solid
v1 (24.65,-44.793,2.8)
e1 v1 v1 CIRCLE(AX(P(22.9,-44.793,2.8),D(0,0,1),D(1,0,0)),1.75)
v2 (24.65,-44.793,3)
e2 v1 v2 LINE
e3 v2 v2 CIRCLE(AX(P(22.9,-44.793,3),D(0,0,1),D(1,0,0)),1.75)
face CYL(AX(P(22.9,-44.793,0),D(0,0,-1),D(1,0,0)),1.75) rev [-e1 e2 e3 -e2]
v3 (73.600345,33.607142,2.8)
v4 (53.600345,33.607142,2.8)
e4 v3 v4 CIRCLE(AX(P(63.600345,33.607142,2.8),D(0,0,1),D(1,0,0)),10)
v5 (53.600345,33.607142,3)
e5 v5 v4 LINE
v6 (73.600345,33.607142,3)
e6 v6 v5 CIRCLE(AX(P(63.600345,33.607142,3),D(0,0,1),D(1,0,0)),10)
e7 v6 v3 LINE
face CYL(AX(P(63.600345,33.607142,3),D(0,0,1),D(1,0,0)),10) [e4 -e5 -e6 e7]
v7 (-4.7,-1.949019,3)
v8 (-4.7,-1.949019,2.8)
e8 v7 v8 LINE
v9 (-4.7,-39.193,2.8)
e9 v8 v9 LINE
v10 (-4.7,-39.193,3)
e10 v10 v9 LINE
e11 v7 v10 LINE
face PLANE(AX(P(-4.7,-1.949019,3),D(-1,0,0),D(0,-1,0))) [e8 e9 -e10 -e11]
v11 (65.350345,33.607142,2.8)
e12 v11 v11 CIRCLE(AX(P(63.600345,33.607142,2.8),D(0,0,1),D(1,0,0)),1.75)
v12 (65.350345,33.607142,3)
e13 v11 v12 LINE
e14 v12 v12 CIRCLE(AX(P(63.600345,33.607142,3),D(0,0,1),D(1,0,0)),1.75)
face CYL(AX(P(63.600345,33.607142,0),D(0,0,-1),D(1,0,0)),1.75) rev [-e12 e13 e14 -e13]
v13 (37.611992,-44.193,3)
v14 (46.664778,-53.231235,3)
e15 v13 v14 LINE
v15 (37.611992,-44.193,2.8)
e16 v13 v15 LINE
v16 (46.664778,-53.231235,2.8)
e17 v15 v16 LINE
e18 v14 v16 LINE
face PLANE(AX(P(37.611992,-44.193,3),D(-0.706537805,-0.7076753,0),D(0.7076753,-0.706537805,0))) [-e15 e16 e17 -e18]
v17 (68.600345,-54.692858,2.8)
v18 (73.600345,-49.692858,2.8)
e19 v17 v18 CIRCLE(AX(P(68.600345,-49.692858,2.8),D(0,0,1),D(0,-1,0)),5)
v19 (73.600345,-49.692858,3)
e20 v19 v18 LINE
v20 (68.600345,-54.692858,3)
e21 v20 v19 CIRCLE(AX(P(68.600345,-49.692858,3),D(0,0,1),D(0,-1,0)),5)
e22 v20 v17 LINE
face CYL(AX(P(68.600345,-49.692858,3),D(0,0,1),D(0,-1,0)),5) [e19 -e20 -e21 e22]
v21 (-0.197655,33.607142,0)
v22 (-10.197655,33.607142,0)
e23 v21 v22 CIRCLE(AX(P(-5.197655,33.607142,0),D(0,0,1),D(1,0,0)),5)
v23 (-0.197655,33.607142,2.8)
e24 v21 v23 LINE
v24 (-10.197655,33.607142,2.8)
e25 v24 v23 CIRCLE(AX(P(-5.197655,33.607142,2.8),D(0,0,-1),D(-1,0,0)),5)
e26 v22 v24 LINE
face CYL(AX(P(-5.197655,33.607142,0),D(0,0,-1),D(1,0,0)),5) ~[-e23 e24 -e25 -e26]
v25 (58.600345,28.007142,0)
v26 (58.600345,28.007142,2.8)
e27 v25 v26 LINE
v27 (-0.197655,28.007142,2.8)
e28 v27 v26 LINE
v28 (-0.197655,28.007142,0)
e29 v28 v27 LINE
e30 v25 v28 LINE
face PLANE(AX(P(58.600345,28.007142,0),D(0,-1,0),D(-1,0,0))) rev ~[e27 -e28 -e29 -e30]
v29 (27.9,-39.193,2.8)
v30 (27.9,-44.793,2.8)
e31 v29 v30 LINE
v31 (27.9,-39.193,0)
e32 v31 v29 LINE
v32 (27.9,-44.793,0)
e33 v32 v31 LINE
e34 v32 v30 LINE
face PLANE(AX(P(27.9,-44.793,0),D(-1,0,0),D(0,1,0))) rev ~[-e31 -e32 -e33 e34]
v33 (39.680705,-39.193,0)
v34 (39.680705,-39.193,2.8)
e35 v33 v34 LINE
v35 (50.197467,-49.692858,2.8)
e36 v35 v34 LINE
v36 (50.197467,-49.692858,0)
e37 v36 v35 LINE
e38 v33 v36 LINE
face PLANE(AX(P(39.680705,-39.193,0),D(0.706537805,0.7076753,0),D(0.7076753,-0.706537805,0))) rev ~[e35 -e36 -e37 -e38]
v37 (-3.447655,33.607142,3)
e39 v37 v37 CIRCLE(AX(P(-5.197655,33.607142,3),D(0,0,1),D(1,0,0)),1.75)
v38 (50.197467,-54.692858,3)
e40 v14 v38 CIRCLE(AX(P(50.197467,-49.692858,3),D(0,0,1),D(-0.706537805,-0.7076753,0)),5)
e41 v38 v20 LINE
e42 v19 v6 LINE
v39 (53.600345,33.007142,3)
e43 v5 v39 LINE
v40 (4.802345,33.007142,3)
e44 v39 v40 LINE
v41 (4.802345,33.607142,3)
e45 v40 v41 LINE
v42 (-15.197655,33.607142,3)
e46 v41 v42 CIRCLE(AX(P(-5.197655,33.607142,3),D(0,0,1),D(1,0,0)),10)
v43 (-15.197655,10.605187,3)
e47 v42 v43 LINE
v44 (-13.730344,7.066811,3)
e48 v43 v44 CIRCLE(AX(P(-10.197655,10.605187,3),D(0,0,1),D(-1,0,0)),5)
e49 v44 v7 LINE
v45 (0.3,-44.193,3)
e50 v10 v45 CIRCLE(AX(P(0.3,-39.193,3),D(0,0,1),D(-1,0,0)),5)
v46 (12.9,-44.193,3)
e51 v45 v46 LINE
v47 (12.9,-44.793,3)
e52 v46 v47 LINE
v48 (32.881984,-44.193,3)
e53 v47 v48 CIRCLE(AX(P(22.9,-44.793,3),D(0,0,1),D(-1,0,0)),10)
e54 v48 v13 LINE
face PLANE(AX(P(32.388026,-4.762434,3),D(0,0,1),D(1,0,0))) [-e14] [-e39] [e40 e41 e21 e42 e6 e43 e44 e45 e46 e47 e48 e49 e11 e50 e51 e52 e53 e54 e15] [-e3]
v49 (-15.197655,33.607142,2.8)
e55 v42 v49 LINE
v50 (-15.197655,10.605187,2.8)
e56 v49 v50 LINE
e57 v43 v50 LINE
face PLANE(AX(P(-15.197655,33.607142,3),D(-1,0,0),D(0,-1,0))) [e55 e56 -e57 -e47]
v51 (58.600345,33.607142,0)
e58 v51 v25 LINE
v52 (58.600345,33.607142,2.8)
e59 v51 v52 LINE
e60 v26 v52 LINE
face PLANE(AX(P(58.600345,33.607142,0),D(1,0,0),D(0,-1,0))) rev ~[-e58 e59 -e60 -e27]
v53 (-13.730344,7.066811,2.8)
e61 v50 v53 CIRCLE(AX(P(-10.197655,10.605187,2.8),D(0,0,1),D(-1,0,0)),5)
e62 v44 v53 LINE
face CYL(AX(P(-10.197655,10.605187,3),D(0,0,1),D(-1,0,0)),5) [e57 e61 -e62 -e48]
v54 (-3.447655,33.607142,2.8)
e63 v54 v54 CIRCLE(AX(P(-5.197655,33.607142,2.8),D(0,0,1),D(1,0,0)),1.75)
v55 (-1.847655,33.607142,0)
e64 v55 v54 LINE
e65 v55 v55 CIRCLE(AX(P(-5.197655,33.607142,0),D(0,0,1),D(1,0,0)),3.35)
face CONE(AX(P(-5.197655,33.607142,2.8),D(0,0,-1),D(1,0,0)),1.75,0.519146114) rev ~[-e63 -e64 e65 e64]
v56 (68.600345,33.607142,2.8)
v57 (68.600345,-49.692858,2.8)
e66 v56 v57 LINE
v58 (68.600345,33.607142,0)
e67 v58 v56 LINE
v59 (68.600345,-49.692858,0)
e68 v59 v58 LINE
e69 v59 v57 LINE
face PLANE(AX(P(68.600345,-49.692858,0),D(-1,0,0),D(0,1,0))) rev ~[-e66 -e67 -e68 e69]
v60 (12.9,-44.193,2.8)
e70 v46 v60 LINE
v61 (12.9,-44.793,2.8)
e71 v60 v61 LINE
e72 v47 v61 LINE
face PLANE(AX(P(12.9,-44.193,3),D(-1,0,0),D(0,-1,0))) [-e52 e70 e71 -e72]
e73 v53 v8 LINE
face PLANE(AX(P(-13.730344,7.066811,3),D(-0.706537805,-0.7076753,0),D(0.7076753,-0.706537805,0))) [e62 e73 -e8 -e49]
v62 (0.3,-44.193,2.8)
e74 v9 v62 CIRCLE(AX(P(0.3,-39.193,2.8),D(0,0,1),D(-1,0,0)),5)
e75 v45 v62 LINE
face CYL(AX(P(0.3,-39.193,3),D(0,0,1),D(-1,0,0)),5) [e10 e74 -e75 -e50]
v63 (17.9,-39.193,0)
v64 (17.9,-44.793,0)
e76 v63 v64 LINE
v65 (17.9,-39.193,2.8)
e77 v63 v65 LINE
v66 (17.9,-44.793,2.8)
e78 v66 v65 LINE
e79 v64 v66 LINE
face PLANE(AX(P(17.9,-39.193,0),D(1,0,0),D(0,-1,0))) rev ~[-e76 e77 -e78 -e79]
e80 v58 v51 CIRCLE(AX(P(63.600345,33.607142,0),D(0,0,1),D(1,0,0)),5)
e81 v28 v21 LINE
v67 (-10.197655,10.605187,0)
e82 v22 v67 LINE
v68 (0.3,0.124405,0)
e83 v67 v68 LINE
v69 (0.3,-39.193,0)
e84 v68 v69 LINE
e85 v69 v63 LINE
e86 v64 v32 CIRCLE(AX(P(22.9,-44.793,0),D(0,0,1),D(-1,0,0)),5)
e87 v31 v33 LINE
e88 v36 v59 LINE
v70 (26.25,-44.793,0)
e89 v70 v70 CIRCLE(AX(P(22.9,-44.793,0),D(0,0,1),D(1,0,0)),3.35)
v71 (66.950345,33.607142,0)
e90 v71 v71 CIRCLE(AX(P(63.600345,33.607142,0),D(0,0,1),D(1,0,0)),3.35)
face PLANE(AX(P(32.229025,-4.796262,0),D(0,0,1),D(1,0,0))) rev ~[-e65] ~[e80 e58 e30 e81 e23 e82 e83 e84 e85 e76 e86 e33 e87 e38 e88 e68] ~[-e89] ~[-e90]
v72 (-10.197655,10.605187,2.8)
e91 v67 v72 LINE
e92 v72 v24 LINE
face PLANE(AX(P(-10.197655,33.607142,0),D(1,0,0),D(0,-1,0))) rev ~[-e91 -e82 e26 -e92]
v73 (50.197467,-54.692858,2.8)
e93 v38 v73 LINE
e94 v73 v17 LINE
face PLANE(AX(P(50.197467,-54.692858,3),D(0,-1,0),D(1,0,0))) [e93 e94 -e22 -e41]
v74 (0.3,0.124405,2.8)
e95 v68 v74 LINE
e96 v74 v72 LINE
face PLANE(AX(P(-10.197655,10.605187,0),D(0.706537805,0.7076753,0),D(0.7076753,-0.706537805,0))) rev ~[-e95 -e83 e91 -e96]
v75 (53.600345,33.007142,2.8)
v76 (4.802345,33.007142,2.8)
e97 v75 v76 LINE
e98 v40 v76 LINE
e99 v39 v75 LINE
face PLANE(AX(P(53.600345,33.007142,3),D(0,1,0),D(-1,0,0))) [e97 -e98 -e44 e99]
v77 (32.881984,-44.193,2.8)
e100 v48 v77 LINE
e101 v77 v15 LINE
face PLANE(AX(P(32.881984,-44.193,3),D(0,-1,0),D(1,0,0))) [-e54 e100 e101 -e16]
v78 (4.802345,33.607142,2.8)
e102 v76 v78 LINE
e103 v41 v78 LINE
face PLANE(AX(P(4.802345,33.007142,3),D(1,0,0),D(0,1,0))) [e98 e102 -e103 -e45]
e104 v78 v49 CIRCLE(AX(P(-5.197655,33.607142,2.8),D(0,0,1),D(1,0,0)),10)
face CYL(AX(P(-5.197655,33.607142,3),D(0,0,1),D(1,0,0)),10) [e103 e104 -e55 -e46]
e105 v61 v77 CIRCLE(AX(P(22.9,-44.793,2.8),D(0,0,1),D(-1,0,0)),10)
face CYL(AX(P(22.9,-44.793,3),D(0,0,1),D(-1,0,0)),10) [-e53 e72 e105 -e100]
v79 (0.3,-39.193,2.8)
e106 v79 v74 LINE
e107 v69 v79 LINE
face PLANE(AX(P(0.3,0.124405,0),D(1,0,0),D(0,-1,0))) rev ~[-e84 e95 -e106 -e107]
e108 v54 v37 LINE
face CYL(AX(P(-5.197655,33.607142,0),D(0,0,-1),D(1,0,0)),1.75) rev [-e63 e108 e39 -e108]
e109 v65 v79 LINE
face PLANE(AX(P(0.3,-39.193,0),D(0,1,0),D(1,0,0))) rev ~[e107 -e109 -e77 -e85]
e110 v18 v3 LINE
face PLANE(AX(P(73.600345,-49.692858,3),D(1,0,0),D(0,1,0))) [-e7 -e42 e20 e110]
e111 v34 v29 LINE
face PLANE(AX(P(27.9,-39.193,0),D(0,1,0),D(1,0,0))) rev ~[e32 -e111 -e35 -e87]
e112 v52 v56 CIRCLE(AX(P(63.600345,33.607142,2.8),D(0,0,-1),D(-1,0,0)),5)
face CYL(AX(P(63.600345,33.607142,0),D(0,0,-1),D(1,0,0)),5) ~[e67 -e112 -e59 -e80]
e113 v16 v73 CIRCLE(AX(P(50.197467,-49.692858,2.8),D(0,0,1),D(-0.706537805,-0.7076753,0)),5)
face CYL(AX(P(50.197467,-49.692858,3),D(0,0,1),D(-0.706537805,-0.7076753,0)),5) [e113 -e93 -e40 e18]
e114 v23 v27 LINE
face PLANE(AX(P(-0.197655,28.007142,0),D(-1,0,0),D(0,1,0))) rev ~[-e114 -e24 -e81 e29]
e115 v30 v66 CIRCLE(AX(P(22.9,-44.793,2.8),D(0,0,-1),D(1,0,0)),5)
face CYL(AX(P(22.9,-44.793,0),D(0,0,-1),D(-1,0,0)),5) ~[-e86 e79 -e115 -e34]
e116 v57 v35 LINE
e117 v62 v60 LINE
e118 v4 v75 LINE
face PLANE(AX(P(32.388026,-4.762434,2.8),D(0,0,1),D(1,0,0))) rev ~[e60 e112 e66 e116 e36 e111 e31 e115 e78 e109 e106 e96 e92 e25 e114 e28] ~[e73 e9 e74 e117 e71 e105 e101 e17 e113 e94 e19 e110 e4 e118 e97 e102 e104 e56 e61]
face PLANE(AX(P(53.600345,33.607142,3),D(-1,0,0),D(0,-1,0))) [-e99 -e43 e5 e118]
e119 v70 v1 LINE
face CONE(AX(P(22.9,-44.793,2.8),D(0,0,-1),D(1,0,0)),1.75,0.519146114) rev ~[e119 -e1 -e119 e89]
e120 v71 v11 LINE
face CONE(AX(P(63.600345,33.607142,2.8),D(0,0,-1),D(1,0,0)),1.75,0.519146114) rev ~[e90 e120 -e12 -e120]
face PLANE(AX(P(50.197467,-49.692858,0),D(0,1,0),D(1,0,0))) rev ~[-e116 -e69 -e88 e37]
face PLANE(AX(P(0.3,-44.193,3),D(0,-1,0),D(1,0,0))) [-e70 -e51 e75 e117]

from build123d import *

# Parameters (mm, degrees)
F0_R     = 1.75
F1_DEPTH = 3
F2_SIZE2 = 2.8
F2_SIZE  = 1.6
F4_DEPTH = 0.2


with BuildPart() as f1:
    # F0 (on Top) → F1 (new body)
    with BuildSketch(Plane.XY):
        with BuildLine():
            Line((17.9, -39.193), (17.9, -44.793))
            ThreePointArc((17.9, -44.793), (22.9, -49.793), (27.9, -44.793))
            Line((27.9, -44.793), (27.9, -39.193))
            Line((27.9, -39.193), (39.6807047181, -39.193))
            Line((39.6807047181, -39.193), (50.1974673469, -49.6928583233))
            Line((50.1974673469, -49.6928583233), (68.6003446043, -49.6928583233))
            Line((68.6003446043, -49.6928583233), (68.6003446043, 33.6071416767))
            ThreePointArc((68.6003446043, 33.6071416767), (63.6003446043, 38.6071416767), (58.6003446043, 33.6071416767))
            Line((58.6003446043, 33.6071416767), (58.6003446043, 28.0071416767))
            Line((58.6003446043, 28.0071416767), (-0.1976553957, 28.0071416767))
            Line((-0.1976553957, 28.0071416767), (-0.1976553957, 33.6071416767))
            ThreePointArc((-0.1976553957, 33.6071416767), (-5.1976553957, 38.6071416767), (-10.1976553957, 33.6071416767))
            Line((-10.1976553957, 33.6071416767), (-10.1976553957, 10.6051872446))
            Line((-10.1976553957, 10.6051872446), (0.3, 0.124405442))
            Line((0.3, 0.124405442), (0.3, -39.193))
            Line((0.3, -39.193), (17.9, -39.193))
        make_face()
        with Locations((22.9, -44.793)):
            Circle(F0_R, mode=Mode.SUBTRACT)
        with Locations((-5.1976553957, 33.6071416767)):
            Circle(F0_R, mode=Mode.SUBTRACT)
        with Locations((63.6003446043, 33.6071416767)):
            Circle(F0_R, mode=Mode.SUBTRACT)
    extrude(amount=F1_DEPTH)

    # F2
    f2_edges = [f1.edges().sort_by_distance(p)[0] for p in [
        (21.15, -44.793, 0),
        (-6.947655, 33.607142, 0),
        (61.850345, 33.607142, 0),
    ]]
    f2_side = f1.faces().sort_by_distance((33.388783, -5.784916, 0))[0]
    chamfer(f2_edges, length=F2_SIZE, length2=F2_SIZE2, reference=f2_side)

    # F3 (on face) → F4 (join)
    with BuildSketch(Plane.XY.offset(3)):
        with BuildLine():
            ThreePointArc((4.8023446043, 33.6071416767), (-5.1976553957, 43.6071416767), (-15.1976553957, 33.6071416767))
            Line((-15.1976553957, 33.6071416767), (-15.1976553957, 10.6051872446))
            ThreePointArc((-15.1976553957, 10.6051872446), (-14.8162831751, 8.6899124771), (-13.7303444218, 7.0668107461))
            Line((-13.7303444218, 7.0668107461), (-4.7, -1.949018591))
            Line((-4.7, -1.949018591), (-4.7, -39.193))
            ThreePointArc((-4.7, -39.193), (-3.2355339059, -42.7285339059), (0.3, -44.193))
            Line((0.3, -44.193), (12.9, -44.193))
            Line((12.9, -44.193), (12.9, -44.793))
            ThreePointArc((12.9, -44.793), (23.2001352131, -54.7884949279), (32.8819837708, -44.193))
            Line((32.8819837708, -44.193), (37.6119923424, -44.193))
            Line((37.6119923424, -44.193), (46.6647783208, -53.2312348218))
            ThreePointArc((46.6647783208, -53.2312348218), (48.2859081001, -54.3130251219), (50.1974673469, -54.6928583233))
            Line((50.1974673469, -54.6928583233), (68.6003446043, -54.6928583233))
            ThreePointArc((68.6003446043, -54.6928583233), (72.1358785102, -53.2283922293), (73.6003446043, -49.6928583233))
            Line((73.6003446043, -49.6928583233), (73.6003446043, 33.6071416767))
            ThreePointArc((73.6003446043, 33.6071416767), (63.6003446043, 43.6071416767), (53.6003446043, 33.6071416767))
            Line((53.6003446043, 33.6071416767), (53.6003446043, 33.0071416767))
            Line((53.6003446043, 33.0071416767), (4.8023446043, 33.0071416767))
            Line((4.8023446043, 33.0071416767), (4.8023446043, 33.6071416767))
        make_face()
        with BuildLine():
            Line((0.3, 0.124405442), (-10.1976553957, 10.6051872446))
            Line((-10.1976553957, 10.6051872446), (-10.1976553957, 33.6071416767))
            ThreePointArc((-10.1976553957, 33.6071416767), (-5.1976553957, 38.6071416767), (-0.1976553957, 33.6071416767))
            Line((-0.1976553957, 33.6071416767), (-0.1976553957, 28.0071416767))
            Line((-0.1976553957, 28.0071416767), (58.6003446043, 28.0071416767))
            Line((58.6003446043, 28.0071416767), (58.6003446043, 33.6071416767))
            ThreePointArc((58.6003446043, 33.6071416767), (63.6003446043, 38.6071416767), (68.6003446043, 33.6071416767))
            Line((68.6003446043, 33.6071416767), (68.6003446043, -49.6928583233))
            Line((68.6003446043, -49.6928583233), (50.1974673469, -49.6928583233))
            Line((50.1974673469, -49.6928583233), (39.6807047181, -39.193))
            Line((39.6807047181, -39.193), (27.9, -39.193))
            Line((27.9, -39.193), (27.9, -44.793))
            ThreePointArc((27.9, -44.793), (22.9, -49.793), (17.9, -44.793))
            Line((17.9, -44.793), (17.9, -39.193))
            Line((17.9, -39.193), (0.3, -39.193))
            Line((0.3, -39.193), (0.3, 0.124405442))
        make_face(mode=Mode.SUBTRACT)
    extrude(amount=-F4_DEPTH)


solid = f1.part
